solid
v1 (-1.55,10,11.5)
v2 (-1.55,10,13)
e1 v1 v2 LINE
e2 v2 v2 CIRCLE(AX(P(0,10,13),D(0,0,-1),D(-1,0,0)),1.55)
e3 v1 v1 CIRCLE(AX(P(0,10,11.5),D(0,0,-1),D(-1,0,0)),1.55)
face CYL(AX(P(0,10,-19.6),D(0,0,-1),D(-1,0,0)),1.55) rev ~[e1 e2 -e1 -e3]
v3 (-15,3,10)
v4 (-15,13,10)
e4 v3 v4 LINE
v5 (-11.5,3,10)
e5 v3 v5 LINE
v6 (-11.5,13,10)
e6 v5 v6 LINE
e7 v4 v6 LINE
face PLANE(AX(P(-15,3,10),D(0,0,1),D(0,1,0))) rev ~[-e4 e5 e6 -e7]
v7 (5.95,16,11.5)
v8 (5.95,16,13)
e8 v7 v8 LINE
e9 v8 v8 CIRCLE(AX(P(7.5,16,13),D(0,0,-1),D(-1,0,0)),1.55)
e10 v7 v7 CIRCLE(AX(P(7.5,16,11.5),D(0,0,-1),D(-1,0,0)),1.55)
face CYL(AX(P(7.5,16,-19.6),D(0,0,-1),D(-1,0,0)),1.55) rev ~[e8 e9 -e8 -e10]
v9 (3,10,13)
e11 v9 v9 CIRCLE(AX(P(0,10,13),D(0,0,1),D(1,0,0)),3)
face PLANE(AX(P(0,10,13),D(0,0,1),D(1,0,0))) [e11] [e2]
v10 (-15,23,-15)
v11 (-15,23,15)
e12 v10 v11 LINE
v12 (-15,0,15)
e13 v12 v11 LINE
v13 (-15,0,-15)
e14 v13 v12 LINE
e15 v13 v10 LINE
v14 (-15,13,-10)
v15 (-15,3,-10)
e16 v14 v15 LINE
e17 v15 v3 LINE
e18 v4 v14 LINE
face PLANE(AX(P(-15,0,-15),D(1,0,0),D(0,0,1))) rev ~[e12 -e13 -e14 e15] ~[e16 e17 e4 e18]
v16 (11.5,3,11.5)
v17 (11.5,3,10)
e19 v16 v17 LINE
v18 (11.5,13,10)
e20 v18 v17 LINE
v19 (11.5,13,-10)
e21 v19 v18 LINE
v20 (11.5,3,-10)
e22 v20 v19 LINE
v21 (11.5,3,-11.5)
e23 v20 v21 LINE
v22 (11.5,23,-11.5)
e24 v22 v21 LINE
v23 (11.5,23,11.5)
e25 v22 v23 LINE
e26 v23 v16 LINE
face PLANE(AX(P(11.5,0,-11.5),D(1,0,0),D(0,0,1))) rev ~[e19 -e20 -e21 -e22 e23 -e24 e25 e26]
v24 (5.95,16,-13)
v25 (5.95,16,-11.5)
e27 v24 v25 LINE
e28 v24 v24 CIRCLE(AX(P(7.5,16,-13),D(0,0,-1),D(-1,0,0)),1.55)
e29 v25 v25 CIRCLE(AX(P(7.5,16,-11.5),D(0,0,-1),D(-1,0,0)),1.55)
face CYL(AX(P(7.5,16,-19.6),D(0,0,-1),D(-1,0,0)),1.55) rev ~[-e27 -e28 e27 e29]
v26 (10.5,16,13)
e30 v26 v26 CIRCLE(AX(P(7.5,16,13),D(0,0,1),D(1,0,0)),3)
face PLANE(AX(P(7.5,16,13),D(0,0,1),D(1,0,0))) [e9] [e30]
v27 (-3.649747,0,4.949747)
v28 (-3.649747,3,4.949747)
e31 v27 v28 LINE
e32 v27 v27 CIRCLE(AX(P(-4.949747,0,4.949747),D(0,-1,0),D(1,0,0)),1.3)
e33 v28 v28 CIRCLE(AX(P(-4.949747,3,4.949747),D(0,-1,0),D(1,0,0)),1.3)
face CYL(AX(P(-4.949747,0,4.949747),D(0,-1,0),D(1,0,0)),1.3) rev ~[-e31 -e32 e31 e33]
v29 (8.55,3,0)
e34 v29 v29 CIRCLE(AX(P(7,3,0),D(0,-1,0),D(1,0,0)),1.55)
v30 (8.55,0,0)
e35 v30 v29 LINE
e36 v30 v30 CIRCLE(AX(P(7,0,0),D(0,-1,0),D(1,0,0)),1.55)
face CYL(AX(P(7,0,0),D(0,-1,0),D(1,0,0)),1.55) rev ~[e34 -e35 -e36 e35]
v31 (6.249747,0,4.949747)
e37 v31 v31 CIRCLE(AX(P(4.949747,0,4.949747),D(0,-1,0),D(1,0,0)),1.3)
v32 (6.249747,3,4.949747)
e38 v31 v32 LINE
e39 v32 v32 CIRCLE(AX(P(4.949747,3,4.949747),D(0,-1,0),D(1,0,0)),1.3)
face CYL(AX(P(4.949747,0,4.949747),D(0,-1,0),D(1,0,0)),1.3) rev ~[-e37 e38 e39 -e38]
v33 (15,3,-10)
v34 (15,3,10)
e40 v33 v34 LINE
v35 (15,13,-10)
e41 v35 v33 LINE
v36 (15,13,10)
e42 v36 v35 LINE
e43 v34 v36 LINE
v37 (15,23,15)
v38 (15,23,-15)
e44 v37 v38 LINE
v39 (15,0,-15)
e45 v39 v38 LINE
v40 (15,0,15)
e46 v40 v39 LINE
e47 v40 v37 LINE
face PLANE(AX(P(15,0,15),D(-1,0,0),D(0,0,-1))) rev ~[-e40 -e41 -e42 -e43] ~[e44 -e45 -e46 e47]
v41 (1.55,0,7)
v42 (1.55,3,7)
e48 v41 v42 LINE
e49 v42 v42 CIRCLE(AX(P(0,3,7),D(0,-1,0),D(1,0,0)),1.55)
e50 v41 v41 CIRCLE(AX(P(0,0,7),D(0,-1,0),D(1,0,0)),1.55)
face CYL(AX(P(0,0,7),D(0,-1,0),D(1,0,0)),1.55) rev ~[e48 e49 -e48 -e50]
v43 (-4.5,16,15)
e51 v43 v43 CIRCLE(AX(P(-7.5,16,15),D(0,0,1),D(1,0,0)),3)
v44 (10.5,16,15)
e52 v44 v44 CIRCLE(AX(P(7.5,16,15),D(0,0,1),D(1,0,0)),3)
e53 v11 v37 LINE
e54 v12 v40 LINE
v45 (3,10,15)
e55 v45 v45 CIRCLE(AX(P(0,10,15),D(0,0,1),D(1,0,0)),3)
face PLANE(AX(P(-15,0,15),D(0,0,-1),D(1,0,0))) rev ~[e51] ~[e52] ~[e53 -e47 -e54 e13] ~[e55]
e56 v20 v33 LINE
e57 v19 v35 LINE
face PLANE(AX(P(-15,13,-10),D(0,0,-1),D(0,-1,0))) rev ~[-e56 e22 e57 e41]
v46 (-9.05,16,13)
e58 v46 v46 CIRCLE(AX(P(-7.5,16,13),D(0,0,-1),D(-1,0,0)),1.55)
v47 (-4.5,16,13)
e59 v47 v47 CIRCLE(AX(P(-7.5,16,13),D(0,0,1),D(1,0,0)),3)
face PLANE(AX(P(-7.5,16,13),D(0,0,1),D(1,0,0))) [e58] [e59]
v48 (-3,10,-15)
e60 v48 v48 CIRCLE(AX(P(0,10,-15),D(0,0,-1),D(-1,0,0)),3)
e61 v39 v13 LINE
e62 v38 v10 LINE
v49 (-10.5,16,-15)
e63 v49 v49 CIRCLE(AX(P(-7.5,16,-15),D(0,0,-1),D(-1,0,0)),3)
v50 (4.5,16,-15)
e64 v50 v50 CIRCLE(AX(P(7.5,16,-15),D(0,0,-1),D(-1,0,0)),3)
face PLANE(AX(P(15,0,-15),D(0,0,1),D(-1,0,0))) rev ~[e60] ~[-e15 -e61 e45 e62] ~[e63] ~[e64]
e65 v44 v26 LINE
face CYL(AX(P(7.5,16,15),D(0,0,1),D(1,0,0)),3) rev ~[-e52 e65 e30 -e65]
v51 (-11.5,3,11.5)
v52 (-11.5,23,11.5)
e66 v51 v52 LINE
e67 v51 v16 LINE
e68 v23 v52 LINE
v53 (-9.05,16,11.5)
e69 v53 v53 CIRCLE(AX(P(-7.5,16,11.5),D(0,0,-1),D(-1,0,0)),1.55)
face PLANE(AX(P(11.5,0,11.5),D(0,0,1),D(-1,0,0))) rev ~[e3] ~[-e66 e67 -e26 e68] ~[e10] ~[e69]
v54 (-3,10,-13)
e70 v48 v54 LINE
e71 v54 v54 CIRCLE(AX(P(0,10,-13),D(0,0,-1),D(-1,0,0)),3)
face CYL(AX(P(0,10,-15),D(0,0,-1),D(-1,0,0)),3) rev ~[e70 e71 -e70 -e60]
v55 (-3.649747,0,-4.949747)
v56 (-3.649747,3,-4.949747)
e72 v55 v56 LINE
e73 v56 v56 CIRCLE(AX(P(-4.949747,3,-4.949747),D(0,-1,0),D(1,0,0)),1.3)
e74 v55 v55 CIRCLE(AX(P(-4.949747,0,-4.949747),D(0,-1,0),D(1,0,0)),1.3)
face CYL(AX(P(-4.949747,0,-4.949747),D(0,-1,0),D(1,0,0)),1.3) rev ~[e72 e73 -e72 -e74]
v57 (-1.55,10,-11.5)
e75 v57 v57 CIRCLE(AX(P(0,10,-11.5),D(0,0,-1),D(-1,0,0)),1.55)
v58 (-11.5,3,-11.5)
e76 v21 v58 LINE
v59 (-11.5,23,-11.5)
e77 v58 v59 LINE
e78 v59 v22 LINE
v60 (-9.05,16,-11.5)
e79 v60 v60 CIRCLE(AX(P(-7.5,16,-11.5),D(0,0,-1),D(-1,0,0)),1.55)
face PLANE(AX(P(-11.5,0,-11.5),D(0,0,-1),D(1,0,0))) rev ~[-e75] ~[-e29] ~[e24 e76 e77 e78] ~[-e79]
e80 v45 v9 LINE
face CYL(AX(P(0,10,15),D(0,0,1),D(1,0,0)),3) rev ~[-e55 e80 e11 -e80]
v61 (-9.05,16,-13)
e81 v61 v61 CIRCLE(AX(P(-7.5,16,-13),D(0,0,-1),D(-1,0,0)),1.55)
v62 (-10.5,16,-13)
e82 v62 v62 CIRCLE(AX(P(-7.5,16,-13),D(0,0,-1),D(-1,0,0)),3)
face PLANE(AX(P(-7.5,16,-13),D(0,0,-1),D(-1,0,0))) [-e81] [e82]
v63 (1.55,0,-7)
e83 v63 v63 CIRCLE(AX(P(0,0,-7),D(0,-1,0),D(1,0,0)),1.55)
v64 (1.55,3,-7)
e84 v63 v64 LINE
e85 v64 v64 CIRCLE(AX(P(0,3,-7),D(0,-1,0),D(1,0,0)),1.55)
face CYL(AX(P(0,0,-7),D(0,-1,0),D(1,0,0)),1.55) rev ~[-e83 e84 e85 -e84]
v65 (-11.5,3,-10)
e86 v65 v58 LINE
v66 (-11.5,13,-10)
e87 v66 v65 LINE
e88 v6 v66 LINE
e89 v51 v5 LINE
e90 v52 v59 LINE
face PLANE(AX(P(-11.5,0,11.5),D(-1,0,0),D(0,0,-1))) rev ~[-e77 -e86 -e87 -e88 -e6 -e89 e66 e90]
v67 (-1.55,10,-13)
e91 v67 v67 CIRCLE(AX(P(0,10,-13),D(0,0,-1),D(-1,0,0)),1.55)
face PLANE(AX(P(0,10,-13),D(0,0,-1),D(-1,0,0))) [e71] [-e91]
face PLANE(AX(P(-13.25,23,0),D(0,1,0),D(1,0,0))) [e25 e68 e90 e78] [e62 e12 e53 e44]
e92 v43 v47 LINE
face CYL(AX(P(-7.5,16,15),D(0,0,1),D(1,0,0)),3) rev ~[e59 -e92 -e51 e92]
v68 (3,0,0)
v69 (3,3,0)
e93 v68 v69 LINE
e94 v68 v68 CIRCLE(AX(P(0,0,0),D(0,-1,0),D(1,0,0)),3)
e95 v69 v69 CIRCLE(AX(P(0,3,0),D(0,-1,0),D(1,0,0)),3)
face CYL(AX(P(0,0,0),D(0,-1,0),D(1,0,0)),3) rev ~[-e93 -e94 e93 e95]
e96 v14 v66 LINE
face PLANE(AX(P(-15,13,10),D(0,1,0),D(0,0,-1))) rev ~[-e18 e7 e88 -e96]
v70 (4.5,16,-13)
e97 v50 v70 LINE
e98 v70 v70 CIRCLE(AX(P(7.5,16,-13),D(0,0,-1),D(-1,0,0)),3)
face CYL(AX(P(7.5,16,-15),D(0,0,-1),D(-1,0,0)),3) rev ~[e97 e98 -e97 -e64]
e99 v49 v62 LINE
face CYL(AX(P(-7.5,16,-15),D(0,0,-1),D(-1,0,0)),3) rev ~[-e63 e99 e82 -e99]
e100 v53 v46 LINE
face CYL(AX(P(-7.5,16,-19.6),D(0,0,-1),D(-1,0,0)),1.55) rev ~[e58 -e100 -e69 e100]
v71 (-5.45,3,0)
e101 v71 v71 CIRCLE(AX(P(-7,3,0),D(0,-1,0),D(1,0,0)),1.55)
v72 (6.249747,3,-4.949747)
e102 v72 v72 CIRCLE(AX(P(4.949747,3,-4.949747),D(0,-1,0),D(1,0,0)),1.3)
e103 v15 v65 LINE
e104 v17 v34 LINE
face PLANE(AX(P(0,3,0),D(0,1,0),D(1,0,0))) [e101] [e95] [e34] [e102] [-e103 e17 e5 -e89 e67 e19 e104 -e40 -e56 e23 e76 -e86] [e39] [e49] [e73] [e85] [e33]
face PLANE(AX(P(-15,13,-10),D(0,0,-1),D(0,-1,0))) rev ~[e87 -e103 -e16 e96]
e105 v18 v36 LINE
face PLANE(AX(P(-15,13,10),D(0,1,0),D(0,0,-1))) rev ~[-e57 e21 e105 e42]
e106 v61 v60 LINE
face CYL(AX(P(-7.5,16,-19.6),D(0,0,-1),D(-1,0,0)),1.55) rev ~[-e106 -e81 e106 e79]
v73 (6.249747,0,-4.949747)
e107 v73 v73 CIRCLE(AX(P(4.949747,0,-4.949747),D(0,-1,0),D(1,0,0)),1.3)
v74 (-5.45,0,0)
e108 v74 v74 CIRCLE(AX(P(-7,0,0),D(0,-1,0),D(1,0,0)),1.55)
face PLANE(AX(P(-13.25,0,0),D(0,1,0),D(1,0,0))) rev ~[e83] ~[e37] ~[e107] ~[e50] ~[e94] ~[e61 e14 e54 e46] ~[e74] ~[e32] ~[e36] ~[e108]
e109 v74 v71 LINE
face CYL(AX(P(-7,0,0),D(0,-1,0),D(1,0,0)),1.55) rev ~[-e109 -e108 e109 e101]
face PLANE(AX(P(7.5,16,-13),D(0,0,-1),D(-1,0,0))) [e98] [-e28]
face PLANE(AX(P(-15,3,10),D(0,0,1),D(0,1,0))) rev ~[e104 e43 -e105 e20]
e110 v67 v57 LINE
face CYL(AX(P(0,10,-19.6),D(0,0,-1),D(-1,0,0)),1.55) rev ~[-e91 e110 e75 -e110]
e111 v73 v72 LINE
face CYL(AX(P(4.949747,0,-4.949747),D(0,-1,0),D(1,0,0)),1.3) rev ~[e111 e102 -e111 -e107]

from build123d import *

# Parameters (mm, degrees)
SKETCH_1_W          = 23
SKETCH_1_H          = 30
EXTRUDE_2_DEPTH     = 3
SKETCH_1_4_W        = 23
SKETCH_1_4_H        = 3.5
EXTRUDE_3_DEPTH     = 18
EXTRUDE_3_2_DEPTH   = 18
SKETCH_1_5_W        = 30
SKETCH_1_5_H        = 30
SKETCH_1_5_W_2      = 23
SKETCH_1_5_H_2      = 23
EXTRUDE_4_DEPTH     = 23
SKETCH_3_R          = 1.55
CUT_EXTRUDE_2_DEPTH = 45.171936792
CUT_EXTRUDE_5_DEPTH = 41.669398815
SKETCH_9_R          = 1.3
SKETCH_9_R_2        = 3
SKETCH_9_R_3        = 1.55
CUT_EXTRUDE_6_DEPTH = 32.288975694
SKETCH_10_R         = 3
CUT_EXTRUDE_7_DEPTH = 2
CUT_EXTRUDE_START   = -2
SKETCH_11_R         = 3
CUT_EXTRUDE_8_DEPTH = 2


with BuildPart() as part:
    # 草图1 → 凸台-拉伸2 (new body)
    with BuildSketch(Plane(origin=(0, 0, 0), x_dir=(1, 0, 0), z_dir=(0, 1, 0))):
        Rectangle(SKETCH_1_W, SKETCH_1_H)
    extrude(amount=EXTRUDE_2_DEPTH)



with BuildPart() as body_2:
    # 草图1<4> → 凸台-拉伸3 (new body)
    with BuildSketch(Plane(origin=(0, 0, 0), x_dir=(1, 0, 0), z_dir=(0, 1, 0))):
        with Locations((0, 13.25)):
            Rectangle(SKETCH_1_4_W, SKETCH_1_4_H)
    extrude(amount=EXTRUDE_3_DEPTH)


with BuildPart() as body_3:
    # 草图1<4> → Extrude 3 2 (new body)
    with BuildSketch(Plane(origin=(0, 0, 0), x_dir=(1, 0, 0), z_dir=(0, 1, 0))):
        with Locations((0, -13.25)):
            Rectangle(SKETCH_1_4_W, SKETCH_1_4_H)
    extrude(amount=EXTRUDE_3_2_DEPTH)


with BuildPart() as part_1:
    add(part.part)

    add(body_2.part)  # 凸台-拉伸4 merges body 2

    add(body_3.part)  # 凸台-拉伸4 merges body 3
    # 草图1<5> → 凸台-拉伸4 (add)
    with BuildSketch(Plane(origin=(0, 0, 0), x_dir=(1, 0, 0), z_dir=(0, 1, 0))):
        Rectangle(SKETCH_1_5_W, SKETCH_1_5_H)
        Rectangle(SKETCH_1_5_W_2, SKETCH_1_5_H_2, mode=Mode.SUBTRACT)
    extrude(amount=EXTRUDE_4_DEPTH)

    # 草图3 → 切除-拉伸2 (cut, through all)
    with BuildSketch(Plane(origin=(0, 0, -19.6), x_dir=(-1, 0, 0), z_dir=(0, 0, -1))):
        with Locations((0, 10)):
            Circle(SKETCH_3_R)
        with Locations((-7.5, 16)):
            Circle(SKETCH_3_R)
        with Locations((7.5, 16)):
            Circle(SKETCH_3_R)
    extrude(amount=-CUT_EXTRUDE_2_DEPTH, mode=Mode.SUBTRACT)

    # 草图8 → 切除-拉伸5 (cut, through all)
    with BuildSketch(Plane.ZY.offset(15)):
        Polygon((10, 3), (10, 10), (10, 13), (-10, 13), (-10, 3), (0, 3), align=None)
    extrude(amount=-CUT_EXTRUDE_5_DEPTH, mode=Mode.SUBTRACT)

    # 草图9 → 切除-拉伸6 (cut, through all)
    with BuildSketch(Plane.XZ):
        with Locations((-4.949747468, -4.949747468)):
            Circle(SKETCH_9_R)
        with Locations((4.949747468, -4.949747468)):
            Circle(SKETCH_9_R)
        with Locations((4.949747468, 4.949747468)):
            Circle(SKETCH_9_R)
        with Locations((-4.949747468, 4.949747468)):
            Circle(SKETCH_9_R)
        Circle(SKETCH_9_R_2)
        with Locations((7, 0)):
            Circle(SKETCH_9_R_3)
        with Locations((0, 7)):
            Circle(SKETCH_9_R_3)
        with Locations((0, -7)):
            Circle(SKETCH_9_R_3)
        with Locations((-7, 0)):
            Circle(SKETCH_9_R_3)
    extrude(amount=-CUT_EXTRUDE_6_DEPTH, mode=Mode.SUBTRACT)

    # 草图10 → 切除-拉伸7 (cut)
    with BuildSketch(Plane(origin=(0, 0, -15), x_dir=(-1, 0, 0), z_dir=(0, 0, -1))):
        with Locations((7.5, 16)):
            Circle(SKETCH_10_R)
        with Locations((0, 10)):
            Circle(SKETCH_10_R)
        with Locations((-7.5, 16)):
            Circle(SKETCH_10_R)
    extrude(amount=-CUT_EXTRUDE_7_DEPTH, mode=Mode.SUBTRACT)

    # 草图11 → 切除-拉伸8 (cut)
    with BuildSketch(Plane.XY.offset(15).offset(CUT_EXTRUDE_START)):
        with Locations((-7.5, 16)):
            Circle(SKETCH_11_R)
        with Locations((0, 10)):
            Circle(SKETCH_11_R)
        with Locations((7.5, 16)):
            Circle(SKETCH_11_R)
    extrude(amount=CUT_EXTRUDE_8_DEPTH, mode=Mode.SUBTRACT)


solid = part_1.part
